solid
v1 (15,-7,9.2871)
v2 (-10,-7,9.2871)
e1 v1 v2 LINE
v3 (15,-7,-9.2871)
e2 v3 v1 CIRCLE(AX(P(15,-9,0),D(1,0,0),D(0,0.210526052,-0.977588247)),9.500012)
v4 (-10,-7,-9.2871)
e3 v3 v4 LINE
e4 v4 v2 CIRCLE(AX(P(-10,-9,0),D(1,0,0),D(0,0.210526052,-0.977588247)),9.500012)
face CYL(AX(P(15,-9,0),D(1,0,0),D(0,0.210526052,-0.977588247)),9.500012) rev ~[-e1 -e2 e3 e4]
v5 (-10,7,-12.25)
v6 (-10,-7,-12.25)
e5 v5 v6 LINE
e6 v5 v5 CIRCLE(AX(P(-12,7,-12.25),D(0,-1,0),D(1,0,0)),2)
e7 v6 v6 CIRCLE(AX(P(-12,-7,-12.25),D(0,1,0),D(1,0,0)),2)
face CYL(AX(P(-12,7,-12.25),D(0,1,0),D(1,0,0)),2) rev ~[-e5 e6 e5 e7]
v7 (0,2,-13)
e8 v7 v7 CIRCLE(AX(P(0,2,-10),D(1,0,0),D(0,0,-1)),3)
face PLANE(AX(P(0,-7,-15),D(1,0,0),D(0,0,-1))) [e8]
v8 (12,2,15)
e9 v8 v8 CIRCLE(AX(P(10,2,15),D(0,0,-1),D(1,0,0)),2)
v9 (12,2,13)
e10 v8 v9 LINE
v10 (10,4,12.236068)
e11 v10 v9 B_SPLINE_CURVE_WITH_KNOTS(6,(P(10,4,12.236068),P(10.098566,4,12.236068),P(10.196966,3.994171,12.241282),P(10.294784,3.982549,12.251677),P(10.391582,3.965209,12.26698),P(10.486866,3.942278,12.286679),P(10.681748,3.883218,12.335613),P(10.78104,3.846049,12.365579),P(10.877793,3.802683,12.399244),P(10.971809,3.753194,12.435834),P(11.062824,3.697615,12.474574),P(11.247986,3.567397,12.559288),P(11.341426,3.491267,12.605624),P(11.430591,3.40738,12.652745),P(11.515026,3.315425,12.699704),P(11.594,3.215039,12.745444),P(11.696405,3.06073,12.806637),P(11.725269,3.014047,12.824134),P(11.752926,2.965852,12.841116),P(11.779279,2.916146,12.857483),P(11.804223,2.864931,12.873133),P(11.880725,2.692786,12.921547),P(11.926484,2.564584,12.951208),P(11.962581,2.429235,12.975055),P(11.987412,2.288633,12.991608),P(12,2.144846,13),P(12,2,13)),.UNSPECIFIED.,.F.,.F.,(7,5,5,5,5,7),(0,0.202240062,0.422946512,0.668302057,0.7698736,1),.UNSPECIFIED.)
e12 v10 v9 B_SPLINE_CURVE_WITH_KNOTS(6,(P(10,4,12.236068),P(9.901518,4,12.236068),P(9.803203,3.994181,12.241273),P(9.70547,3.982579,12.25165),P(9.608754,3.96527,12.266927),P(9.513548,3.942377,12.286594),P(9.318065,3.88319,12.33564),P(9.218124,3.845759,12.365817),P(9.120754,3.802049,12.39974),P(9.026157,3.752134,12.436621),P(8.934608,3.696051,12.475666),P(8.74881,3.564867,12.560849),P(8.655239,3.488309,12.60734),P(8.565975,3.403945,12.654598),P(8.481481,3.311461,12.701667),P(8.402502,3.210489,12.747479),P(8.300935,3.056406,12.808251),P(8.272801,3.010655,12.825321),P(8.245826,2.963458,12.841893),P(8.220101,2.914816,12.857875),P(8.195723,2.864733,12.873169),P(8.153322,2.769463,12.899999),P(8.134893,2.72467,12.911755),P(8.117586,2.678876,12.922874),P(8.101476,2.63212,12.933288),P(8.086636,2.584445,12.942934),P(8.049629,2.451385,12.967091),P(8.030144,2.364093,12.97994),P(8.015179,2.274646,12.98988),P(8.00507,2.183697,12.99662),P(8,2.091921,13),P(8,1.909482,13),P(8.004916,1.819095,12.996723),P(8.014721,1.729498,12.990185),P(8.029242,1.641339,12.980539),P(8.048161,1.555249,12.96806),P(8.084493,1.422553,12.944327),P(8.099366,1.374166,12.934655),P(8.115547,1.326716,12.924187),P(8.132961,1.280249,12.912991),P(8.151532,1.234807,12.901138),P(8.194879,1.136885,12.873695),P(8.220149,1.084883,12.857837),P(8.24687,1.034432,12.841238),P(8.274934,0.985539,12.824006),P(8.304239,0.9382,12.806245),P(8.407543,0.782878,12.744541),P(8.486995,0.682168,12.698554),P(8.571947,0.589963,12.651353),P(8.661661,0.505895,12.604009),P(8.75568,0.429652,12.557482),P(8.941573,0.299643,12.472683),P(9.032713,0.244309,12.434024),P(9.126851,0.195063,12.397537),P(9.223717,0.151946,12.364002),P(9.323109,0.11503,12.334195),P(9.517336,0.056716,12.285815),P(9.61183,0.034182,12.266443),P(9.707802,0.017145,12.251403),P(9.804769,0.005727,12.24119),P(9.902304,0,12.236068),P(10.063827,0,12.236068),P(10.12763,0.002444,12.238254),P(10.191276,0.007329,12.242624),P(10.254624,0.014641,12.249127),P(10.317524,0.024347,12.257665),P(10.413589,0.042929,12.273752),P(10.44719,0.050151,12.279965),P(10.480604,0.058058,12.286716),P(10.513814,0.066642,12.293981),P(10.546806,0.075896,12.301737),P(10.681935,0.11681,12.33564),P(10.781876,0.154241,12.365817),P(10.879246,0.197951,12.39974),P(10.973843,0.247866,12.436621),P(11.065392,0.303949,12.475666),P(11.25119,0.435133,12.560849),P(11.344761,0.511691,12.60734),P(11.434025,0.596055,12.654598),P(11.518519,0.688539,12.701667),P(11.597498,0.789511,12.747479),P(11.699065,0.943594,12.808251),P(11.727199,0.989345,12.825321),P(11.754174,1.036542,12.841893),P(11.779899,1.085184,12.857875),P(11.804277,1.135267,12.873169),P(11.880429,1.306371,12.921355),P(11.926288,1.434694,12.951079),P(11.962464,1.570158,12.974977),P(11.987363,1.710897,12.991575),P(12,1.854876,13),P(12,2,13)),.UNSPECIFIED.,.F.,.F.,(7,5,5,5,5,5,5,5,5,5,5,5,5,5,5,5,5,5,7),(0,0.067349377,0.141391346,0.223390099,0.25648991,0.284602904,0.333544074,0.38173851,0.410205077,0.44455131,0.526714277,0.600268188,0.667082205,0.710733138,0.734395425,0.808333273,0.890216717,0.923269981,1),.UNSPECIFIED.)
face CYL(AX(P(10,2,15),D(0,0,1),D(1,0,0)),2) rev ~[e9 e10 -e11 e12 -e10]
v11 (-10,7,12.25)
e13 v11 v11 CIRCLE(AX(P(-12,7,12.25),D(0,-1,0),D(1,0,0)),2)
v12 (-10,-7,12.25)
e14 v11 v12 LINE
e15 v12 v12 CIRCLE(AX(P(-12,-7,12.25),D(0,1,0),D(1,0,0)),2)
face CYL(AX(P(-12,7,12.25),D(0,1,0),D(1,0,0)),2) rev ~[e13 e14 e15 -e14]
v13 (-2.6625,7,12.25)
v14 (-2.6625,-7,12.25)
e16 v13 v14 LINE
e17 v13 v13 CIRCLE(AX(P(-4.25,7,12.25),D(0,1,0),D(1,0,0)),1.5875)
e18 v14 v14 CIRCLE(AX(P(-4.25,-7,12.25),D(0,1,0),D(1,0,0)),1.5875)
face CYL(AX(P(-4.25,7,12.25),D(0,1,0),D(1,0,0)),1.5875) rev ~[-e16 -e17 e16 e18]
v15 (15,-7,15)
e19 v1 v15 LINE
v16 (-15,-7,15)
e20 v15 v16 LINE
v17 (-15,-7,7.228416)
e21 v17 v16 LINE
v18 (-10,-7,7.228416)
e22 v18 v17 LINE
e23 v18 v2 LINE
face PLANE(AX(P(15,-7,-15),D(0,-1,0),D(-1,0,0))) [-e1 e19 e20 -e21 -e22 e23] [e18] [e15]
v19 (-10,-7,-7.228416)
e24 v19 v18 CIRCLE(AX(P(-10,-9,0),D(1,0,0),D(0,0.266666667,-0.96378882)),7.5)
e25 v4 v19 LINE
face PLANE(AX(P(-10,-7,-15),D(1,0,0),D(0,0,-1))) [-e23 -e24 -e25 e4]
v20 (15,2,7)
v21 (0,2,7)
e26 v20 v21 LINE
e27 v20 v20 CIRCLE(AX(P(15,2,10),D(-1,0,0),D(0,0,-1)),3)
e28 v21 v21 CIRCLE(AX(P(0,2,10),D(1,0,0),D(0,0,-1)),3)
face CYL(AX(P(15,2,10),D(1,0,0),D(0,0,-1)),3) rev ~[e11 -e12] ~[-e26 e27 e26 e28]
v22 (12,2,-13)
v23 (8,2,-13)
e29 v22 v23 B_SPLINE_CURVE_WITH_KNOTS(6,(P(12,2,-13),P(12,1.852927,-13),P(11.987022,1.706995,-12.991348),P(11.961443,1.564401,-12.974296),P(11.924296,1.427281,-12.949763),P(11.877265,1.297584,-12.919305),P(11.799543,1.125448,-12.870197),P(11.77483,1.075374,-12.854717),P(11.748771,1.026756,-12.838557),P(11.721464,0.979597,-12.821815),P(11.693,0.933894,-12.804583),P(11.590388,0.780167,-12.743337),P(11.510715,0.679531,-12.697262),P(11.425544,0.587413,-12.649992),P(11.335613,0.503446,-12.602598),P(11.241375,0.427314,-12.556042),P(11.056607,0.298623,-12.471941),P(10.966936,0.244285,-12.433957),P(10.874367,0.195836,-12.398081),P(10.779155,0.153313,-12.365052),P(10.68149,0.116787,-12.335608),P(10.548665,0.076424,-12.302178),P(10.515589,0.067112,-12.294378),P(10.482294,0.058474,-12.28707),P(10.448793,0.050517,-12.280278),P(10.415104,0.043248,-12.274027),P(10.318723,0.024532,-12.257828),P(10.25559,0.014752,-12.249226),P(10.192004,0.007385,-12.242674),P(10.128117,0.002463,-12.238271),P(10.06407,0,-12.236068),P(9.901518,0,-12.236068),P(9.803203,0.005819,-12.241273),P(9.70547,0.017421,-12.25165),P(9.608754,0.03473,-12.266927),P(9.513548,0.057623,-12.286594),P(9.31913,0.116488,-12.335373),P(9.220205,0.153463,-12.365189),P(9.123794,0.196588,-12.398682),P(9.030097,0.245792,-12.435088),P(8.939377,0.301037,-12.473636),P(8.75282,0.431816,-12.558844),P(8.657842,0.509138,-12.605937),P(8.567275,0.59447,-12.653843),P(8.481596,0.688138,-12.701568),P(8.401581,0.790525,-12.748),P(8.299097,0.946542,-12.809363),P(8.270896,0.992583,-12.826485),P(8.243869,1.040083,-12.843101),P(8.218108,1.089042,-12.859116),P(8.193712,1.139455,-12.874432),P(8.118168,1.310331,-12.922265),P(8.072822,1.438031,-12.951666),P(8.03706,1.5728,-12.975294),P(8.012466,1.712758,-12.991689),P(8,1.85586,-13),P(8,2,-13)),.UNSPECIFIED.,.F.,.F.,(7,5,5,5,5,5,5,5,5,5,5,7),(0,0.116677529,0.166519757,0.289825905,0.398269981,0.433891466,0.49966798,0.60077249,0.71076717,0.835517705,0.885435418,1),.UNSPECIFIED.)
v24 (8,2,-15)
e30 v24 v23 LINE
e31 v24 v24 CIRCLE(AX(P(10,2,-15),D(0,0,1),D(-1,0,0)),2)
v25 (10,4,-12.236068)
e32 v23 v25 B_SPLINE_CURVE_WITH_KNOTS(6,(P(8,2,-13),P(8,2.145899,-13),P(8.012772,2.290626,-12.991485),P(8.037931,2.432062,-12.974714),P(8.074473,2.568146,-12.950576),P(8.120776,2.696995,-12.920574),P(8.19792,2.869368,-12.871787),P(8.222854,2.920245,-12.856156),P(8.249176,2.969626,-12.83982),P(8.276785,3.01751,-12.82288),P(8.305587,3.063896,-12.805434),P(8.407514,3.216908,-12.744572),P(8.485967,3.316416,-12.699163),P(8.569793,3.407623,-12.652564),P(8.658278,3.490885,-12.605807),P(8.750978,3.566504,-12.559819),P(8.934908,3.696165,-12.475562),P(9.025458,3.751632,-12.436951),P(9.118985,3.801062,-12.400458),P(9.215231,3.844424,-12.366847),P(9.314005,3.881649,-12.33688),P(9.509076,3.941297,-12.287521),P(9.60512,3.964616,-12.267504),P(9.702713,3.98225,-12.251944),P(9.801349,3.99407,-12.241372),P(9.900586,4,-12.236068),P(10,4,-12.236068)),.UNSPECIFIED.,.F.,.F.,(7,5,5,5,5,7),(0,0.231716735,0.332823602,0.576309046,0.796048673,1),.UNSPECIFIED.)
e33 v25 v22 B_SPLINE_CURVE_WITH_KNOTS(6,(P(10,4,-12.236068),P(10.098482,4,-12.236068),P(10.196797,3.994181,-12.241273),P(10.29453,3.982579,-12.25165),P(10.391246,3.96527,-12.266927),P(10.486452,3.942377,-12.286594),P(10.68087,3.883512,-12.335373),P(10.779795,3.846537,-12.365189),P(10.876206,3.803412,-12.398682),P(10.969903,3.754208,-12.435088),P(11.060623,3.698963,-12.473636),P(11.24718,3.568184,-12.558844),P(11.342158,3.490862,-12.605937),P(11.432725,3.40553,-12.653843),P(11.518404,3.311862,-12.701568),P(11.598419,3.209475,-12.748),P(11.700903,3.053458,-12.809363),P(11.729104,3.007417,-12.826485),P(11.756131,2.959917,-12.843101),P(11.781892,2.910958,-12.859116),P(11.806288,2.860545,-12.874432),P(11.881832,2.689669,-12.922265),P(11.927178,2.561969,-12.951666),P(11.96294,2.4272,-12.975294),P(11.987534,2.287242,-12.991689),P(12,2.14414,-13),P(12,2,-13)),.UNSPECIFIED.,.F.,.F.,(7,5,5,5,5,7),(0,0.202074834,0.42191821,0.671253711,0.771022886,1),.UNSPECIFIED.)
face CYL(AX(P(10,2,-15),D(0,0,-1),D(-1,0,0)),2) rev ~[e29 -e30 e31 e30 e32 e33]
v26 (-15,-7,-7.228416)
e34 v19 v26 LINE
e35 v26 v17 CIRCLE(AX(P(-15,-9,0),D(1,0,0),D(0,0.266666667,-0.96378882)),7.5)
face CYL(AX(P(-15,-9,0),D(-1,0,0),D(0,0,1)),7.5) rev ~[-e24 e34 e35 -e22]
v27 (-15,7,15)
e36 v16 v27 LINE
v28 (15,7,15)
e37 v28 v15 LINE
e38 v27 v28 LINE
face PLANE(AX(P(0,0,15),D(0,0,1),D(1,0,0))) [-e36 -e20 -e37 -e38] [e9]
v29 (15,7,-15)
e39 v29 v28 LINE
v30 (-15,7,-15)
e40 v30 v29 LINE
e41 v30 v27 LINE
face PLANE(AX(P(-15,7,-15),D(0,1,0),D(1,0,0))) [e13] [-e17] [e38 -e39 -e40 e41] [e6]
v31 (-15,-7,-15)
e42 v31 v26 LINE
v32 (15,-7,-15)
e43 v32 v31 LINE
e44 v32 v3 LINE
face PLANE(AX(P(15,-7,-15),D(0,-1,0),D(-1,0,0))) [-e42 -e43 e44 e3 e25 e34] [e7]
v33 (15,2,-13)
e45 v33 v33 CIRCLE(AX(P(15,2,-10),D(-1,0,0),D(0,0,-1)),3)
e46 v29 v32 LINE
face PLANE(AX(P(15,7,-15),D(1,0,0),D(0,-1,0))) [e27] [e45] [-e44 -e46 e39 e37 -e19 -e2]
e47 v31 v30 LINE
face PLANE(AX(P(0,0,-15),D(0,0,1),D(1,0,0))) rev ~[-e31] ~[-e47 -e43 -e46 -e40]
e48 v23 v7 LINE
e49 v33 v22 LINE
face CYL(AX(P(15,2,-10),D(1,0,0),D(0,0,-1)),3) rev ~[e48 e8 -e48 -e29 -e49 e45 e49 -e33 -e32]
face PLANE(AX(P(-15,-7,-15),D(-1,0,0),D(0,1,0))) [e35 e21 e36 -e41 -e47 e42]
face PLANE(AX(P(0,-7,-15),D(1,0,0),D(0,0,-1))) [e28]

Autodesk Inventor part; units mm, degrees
ref_plane "YZ Plane" through (0, 0, 0) normal (1, 0, 0) x (0, 1, 0)
ref_plane "XZ Plane" through (0, 0, 0) normal (0, 1, 0) x (-1, 0, 0)
ref_plane "XY Plane" through (0, 0, 0) normal (0, 0, 1) x (1, 0, 0)
sketch "Sketch1" plane through (0, 0, 0) normal (0, 0, 1) x (1, 0, 0)
  line L0 (15, -7) -> (-15, -7)
  line L1 (-15, -7) -> (-15, 7)
  line L2 (-15, 7) -> (15, 7)
  line L3 (15, 7) -> (15, -7)
  line L4 (15, -7) -> (-15, 7) construction
  line L5 (-15, -7) -> (15, 7) construction
  point P0 (0, 0)
  dimension "d0" = 30
  dimension "d1" = 14
extrude "Extrusion1" add sketch "Sketch1" along normal blind 30
sketch "Sketch3" plane through (15, -7, 0) normal (1, 0, 0) x (0, 0, -1)
  line L0 (0, 0) -> (-30, 0) projected
  line L1 (-15, 0) -> (-15, -2)
  arc A0 (-5.7129, 0) -> (-24.2871, 0) centre (-15, -2) ccw
  point P0 (0, 7)
  dimension "d4" = 2
  dimension "d5" = 19
extrude "Extrusion2" cut sketch "Sketch3" against normal blind 25
sketch "Sketch5" plane through (-15, 7, 0) normal (0, 1, 0) x (1, 0, 0)
  line L0 (30, 0) -> (0, 0) projected
  line L1 (30, -30) -> (0, -30) projected
  line L2 (0, -30) -> (0, -27.25)
  line L3 (0, 0) -> (0, -30) projected
  line L4 (0, -27.25) -> (2.75, -27.25)
  circle A0 centre (2.75, -27.25) radius 2
  line L5 (0, 0) -> (0, -2.75)
  line L6 (0, -2.75) -> (2.75, -2.75)
  circle A1 centre (2.75, -2.75) radius 2
  line L7 (2.75, -27.25) -> (10.75, -27.25)
  circle A2 centre (10.75, -27.25) radius 1.5875
  point P0 (15, 0)
  dimension "d11" = 2.75
  dimension "d12" = 2.75
  dimension "d13" = 4
  dimension "d14" = 2.75
  dimension "d15" = 2.75
  dimension "d16" = 4
  dimension "d17" = 8
  dimension "d18" = 3.175
extrude "Extrusion3" cut sketch "Sketch5" against normal blind 100 contours A2
sketch "Sketch6" plane through (-15, 7, 0) normal (0, 1, 0) x (1, 0, 0)
  point P0 (15, 0)
sketch "Sketch7" plane through (15, -7, 0) normal (1, 0, 0) x (0, 0, -1)
  line L0 (0, 14) -> (-30, 14) projected
  line L1 (-30, 14) -> (-25, 14)
  line L2 (-25, 14) -> (-25, 9)
  line L3 (0, 14) -> (0, 0) projected
  line L4 (0, 14) -> (-5, 14)
  line L5 (-5, 14) -> (-5, 9)
  circle A0 centre (-25, 9) radius 3
  circle A1 centre (-5, 9) radius 3
  point P0 (0, 7)
  dimension "d21" = 5
  dimension "d22" = 5
  dimension "d23" = 5
  dimension "d24" = 5
  dimension "d25" = 6
  dimension "d26" = 6
extrude "Extrusion4" cut sketch "Sketch7" against normal blind 15
move or copy body "Move Body1" bodies to move or copy 1 copy no translate (-20, 0, 0)
move or copy body "Move Body2" bodies to move or copy 1 copy no translate (-5, 0, 0)
sketch "Sketch8" plane through (0, 0, 0) normal (1, 0, 0) x (0, 1, 0)
  point P0 (0, 0)
sketch "Sketch9" plane through (-40, 7, 0) normal (0, 1, 0) x (1, 0, 0)
  line L0 (30, -30) -> (0, -30) projected
  line L1 (0, -30) -> (0, -27.25)
  line L2 (0, 0) -> (0, -30) projected
  line L3 (0, -27.25) -> (3, -27.25)
  circle A0 centre (3, -27.25) radius 2
  line L4 (0, 0) -> (0, -2.75)
  line L5 (0, -2.75) -> (3, -2.75)
  circle A1 centre (3, -2.75) radius 2
  point P0 (40, 0)
  dimension "d35" = 2.75
  dimension "d36" = 3
  dimension "d37" = 4
  dimension "d38" = 2.75
  dimension "d39" = 4
  dimension "d40" = 3
extrude "Extrusion5" cut sketch "Sketch9" against normal blind 14
sketch "Sketch14" plane through (-40, 7, 30) normal (0, 0, 1) x (1, 0, 0)
  line L0 (30, 0) -> (0, 0) projected
  line L1 (30, 0) -> (25, 0)
  line L2 (25, 0) -> (25, -5)
  circle A0 centre (25, -5) radius 2
  point P0 (40, -7)
  dimension "d47" = 5
  dimension "d48" = 5
  dimension "d49" = 4
extrude "Extrusion6" cut sketch "Sketch14" against normal blind 3
sketch "Sketch15" plane through (-10, 7, 0) normal (0, 0, -1) x (-1, 0, 0)
  line L0 (0, -14) -> (0, 0) projected
  line L1 (0, 0) -> (5, 0)
  line L2 (0, 0) -> (30, 0) projected
  line L3 (5, 0) -> (5, -5)
  circle A0 centre (5, -5) radius 2
  point P0 (-10, -7)
  dimension "d52" = 5
  dimension "d53" = 5
  dimension "d54" = 4
extrude "Extrusion7" cut sketch "Sketch15" against normal blind 4
thread "Thread3" size "M4x0.7" class "6H" standard "ANSI Metric M Profile" full length
thread "Thread4" size "M4x0.7" class "6H" standard "ANSI Metric M Profile" full length
sketch "Sketch16" plane through (-40, -7, 0) normal (-1, 0, 0) x (0, 0, 1)
  line L0 (0, 14) -> (30, 14) projected
  line L1 (0, 14) -> (15, 14)
  line L2 (15, 14) -> (15, -2)
  circle A0 centre (15, -2) radius 7.5
  point P0 (0, 7)
  dimension "d61" = 16
  dimension "d62" = 15
extrude "Extrusion8" cut sketch "Sketch16" against normal blind 15
move or copy body "Move Body3" bodies to move or copy 1 copy no translate (25, 0, 0)
move or copy body "Move Body4" bodies to move or copy 1 copy no translate (10, 0, -15)
move or copy body "Move Body5" bodies to move or copy 1 copy no translate (-10, 0, 0)
equation "\"d55\" = d54"
properties part number "Rb oven housing top-back" material "Copper"
